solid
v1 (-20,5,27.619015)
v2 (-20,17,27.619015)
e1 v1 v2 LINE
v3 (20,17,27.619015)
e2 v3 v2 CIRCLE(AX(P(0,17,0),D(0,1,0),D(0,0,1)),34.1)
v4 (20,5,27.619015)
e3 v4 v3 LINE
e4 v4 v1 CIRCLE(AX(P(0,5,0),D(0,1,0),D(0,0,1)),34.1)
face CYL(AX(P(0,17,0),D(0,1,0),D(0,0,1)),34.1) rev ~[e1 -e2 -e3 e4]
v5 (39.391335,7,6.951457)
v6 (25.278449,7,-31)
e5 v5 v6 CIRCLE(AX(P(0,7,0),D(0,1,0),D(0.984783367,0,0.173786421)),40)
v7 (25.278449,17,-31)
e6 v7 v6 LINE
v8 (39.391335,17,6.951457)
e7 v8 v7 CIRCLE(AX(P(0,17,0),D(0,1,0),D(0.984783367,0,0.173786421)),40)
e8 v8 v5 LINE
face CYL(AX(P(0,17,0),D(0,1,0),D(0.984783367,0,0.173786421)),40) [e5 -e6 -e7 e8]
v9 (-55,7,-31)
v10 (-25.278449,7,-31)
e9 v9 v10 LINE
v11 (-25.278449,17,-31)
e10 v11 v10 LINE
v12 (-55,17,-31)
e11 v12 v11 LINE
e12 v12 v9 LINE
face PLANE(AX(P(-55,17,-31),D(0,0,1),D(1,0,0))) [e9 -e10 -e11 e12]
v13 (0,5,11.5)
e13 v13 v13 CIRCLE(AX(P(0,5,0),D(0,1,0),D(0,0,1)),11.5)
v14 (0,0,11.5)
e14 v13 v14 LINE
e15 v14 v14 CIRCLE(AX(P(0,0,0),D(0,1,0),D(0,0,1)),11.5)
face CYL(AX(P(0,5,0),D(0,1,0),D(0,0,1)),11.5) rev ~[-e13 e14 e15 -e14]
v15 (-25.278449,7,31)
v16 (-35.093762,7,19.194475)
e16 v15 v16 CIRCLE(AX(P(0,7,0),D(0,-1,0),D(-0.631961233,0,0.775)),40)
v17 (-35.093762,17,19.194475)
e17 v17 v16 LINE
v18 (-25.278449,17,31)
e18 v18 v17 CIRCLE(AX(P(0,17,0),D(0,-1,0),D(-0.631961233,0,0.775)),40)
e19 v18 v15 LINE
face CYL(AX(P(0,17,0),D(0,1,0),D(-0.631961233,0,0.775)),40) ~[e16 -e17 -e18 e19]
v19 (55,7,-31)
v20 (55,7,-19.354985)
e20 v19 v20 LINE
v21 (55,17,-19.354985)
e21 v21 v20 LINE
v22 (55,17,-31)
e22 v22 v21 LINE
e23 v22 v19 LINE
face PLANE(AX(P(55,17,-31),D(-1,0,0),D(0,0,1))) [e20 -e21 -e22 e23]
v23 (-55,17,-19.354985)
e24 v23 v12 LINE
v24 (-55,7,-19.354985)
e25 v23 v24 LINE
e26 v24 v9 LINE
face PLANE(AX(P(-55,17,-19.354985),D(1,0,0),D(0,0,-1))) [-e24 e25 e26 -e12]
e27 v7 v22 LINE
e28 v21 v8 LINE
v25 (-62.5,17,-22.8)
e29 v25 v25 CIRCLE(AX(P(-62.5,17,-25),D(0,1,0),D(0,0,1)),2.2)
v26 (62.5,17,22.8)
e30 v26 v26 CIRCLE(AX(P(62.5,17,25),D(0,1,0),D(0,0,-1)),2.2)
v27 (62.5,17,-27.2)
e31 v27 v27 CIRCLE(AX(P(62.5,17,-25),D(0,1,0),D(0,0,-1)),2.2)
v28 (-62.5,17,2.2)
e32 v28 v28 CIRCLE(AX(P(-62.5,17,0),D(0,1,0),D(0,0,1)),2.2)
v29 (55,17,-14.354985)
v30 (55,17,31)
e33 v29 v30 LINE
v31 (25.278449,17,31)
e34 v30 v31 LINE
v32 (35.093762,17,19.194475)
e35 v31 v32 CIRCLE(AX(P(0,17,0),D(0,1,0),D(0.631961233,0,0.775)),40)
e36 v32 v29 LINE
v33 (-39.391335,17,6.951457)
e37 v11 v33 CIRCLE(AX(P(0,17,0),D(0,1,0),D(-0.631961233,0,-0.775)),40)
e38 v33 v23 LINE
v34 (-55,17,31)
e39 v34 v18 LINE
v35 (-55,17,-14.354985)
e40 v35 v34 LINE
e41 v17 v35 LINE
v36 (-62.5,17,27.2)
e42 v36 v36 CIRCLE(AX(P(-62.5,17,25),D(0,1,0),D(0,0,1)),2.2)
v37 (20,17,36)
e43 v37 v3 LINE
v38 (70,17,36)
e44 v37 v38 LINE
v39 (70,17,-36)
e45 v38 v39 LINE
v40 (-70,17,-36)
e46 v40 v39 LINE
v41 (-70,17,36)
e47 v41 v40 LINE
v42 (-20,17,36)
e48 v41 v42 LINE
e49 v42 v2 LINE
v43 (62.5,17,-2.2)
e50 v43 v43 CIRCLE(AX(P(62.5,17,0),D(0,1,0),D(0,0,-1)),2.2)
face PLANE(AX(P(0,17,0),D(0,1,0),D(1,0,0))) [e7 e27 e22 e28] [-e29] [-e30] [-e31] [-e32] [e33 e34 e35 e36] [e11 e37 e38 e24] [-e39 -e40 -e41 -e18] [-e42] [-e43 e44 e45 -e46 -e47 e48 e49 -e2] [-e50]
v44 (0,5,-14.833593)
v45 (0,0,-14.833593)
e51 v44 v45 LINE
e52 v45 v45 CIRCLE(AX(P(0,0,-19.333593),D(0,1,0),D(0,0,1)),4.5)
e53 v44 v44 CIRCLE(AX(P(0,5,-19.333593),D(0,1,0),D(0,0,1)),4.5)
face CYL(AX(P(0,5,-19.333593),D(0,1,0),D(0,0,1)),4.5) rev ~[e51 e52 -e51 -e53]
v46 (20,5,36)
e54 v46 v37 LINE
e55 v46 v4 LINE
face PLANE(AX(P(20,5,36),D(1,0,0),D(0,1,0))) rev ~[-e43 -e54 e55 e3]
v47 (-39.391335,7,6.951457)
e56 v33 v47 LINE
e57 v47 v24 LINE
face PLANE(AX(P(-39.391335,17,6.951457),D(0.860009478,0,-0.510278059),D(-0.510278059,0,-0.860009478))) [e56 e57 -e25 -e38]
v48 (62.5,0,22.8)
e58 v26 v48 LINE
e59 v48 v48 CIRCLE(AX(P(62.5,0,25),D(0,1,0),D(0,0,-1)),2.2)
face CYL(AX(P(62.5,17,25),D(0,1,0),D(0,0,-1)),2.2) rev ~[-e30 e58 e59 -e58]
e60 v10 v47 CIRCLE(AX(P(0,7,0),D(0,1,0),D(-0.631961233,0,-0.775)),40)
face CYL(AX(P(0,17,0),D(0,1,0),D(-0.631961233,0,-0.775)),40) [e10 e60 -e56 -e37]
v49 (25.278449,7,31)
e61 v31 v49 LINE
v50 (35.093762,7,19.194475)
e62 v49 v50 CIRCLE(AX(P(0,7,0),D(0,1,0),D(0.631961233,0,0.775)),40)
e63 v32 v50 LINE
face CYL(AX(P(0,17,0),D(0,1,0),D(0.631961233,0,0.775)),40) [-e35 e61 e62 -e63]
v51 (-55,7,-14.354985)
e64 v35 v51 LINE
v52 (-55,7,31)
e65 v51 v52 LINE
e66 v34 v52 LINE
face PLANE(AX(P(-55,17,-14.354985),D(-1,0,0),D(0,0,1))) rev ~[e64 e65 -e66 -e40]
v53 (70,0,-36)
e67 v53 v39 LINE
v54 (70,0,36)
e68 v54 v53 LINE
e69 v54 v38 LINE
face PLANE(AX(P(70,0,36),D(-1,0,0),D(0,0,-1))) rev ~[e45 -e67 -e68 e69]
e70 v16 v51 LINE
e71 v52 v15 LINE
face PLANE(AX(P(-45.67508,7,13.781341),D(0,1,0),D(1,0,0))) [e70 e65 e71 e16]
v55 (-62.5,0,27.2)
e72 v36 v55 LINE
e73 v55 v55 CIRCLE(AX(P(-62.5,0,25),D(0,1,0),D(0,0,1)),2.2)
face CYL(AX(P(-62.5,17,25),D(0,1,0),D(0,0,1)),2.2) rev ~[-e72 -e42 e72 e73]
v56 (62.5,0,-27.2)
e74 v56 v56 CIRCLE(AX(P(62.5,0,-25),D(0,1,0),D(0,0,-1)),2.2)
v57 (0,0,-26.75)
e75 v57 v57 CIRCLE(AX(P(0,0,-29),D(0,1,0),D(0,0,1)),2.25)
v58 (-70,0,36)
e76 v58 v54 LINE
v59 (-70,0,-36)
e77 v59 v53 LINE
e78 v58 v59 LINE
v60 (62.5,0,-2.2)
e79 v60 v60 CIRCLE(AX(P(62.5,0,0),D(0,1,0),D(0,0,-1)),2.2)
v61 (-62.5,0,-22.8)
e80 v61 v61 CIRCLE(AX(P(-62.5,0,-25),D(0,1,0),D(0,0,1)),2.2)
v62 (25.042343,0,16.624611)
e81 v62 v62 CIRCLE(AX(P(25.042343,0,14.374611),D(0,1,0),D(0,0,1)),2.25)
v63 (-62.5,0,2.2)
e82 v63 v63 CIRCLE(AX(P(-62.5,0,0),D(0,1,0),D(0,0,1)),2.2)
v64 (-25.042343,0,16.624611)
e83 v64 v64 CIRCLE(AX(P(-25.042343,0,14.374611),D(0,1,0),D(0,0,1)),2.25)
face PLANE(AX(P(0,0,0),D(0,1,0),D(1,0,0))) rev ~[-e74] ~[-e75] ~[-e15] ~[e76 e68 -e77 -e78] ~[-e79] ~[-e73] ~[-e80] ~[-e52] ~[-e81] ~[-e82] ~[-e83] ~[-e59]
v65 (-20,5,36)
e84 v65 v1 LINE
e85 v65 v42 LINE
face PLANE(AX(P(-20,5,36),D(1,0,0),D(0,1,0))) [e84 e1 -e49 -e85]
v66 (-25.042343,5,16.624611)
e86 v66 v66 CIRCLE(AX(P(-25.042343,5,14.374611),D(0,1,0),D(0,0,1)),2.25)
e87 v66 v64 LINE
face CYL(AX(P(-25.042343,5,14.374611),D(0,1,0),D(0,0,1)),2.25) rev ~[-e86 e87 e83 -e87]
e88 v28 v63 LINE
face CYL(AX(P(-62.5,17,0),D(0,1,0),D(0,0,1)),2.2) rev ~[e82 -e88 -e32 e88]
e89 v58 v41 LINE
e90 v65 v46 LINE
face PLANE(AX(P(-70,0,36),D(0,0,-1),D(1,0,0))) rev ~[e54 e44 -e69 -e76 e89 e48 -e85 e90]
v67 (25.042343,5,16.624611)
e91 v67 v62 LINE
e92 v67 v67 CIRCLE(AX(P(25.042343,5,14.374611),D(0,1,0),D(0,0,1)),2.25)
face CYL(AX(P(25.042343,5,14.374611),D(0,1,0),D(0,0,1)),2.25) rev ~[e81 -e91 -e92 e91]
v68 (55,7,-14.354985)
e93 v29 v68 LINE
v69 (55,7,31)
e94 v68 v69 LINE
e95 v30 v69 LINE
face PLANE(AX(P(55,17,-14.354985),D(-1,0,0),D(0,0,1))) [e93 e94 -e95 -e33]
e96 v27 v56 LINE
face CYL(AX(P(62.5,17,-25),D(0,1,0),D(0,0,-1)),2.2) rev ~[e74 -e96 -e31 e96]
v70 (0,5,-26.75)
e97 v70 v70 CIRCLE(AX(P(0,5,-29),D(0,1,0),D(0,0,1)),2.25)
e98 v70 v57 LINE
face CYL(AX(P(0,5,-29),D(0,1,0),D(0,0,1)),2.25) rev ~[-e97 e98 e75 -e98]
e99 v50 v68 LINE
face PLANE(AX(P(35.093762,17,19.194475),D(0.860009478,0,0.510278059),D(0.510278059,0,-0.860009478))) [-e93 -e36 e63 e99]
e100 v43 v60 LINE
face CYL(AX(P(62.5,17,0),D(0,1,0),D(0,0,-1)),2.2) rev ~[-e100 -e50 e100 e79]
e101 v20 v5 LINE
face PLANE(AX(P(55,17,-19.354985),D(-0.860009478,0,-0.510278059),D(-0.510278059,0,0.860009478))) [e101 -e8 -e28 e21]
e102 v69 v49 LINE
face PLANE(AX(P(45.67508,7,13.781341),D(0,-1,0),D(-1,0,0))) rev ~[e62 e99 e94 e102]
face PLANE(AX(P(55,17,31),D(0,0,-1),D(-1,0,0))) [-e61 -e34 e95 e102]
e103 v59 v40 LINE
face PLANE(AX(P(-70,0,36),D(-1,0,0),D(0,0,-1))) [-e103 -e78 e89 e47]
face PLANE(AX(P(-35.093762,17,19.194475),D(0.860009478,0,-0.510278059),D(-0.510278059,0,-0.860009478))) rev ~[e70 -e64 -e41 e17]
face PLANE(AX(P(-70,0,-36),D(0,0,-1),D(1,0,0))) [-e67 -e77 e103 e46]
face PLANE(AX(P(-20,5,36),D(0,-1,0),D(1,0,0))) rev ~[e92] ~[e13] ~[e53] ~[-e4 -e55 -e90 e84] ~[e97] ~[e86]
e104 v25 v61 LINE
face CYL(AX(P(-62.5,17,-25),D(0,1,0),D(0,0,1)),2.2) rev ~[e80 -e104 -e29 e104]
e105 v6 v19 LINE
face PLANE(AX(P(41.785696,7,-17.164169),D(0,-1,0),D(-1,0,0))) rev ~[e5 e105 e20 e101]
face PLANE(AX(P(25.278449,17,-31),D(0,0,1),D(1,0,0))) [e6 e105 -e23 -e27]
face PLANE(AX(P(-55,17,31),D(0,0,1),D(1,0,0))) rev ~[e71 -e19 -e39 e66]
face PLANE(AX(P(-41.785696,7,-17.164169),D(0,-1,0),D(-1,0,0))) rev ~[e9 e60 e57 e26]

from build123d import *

# Parameters (mm, degrees)
SKETCH1_W           = 140
SKETCH1_H           = 72
BOSS_EXTRUDE1_DEPTH = 17
SKETCH2_R           = 34.1
CUT_EXTRUDE1_DEPTH  = 12
SKETCH3_W           = 40
SKETCH3_H           = 24
CUT_EXTRUDE2_DEPTH  = 10
SKETCH4_R           = 2.2
CUT_EXTRUDE3_DEPTH  = 81.529497701
SKETCH5_R           = 2.25
SKETCH5_R_2         = 4.5
CUT_EXTRUDE4_DEPTH  = 80.62411695
CUT_EXTRUDE5_DEPTH  = 10
SKETCH7_R           = 11.5
CUT_EXTRUDE6_DEPTH  = 10


with BuildPart() as part:
    # Sketch1 → Boss-Extrude1 (new body)
    with BuildSketch(Plane(origin=(0, 0, 0), x_dir=(1, 0, 0), z_dir=(0, 1, 0))):
        Rectangle(SKETCH1_W, SKETCH1_H)
    extrude(amount=BOSS_EXTRUDE1_DEPTH)

    # Sketch2 → Cut-Extrude1 (cut)
    with BuildSketch(Plane(origin=(0, 17, 0), x_dir=(1, 0, 0), z_dir=(0, 1, 0))):
        with Locations(Location((0, 0, 0), (0, 0, 270))):
            Circle(SKETCH2_R)
    extrude(amount=-CUT_EXTRUDE1_DEPTH, mode=Mode.SUBTRACT)

    # Sketch3 → Cut-Extrude2 (cut)
    with BuildSketch(Plane.XY.offset(36)):
        with Locations((0, 17)):
            Rectangle(SKETCH3_W, SKETCH3_H)
    extrude(amount=-CUT_EXTRUDE2_DEPTH, mode=Mode.SUBTRACT)

    # Sketch4 → Cut-Extrude3 (cut, through all)
    with BuildSketch(Plane(origin=(0, 17, 0), x_dir=(1, 0, 0), z_dir=(0, 1, 0))):
        with Locations(Location((-62.5, 25, 0), (0, 0, 270))):
            Circle(SKETCH4_R)
        with Locations(Location((-62.5, 0, 0), (0, 0, 270))):
            Circle(SKETCH4_R)
        with Locations(Location((-62.5, -25, 0), (0, 0, 270))):
            Circle(SKETCH4_R)
        with Locations(Location((62.5, -25, 0), (0, 0, 90))):
            Circle(SKETCH4_R)
        with Locations(Location((62.5, 0, 0), (0, 0, 90))):
            Circle(SKETCH4_R)
        with Locations(Location((62.5, 25, 0), (0, 0, 90))):
            Circle(SKETCH4_R)
    extrude(amount=-CUT_EXTRUDE3_DEPTH, mode=Mode.SUBTRACT)

    # Sketch5 → Cut-Extrude4 (cut, through all)
    with BuildSketch(Plane(origin=(0, 5, 0), x_dir=(1, 0, 0), z_dir=(0, 1, 0))):
        with Locations(Location((0, 29, 0), (0, 0, 270))):
            Circle(SKETCH5_R)
        with Locations(Location((25.042343364, -14.374611046, 0), (0, 0, 270))):
            Circle(SKETCH5_R)
        with Locations(Location((-25.042343364, -14.374611046, 0), (0, 0, 270))):
            Circle(SKETCH5_R)
        with Locations(Location((0, 19.333592636, 0), (0, 0, 270))):
            Circle(SKETCH5_R_2)
    extrude(amount=-CUT_EXTRUDE4_DEPTH, mode=Mode.SUBTRACT)

    # Sketch6 → Cut-Extrude5 (cut)
    with BuildSketch(Plane(origin=(0, 17, 0), x_dir=(1, 0, 0), z_dir=(0, 1, 0))):
        with BuildLine():
            Line((-55, 31), (-25.27844932, 31))
            ThreePointArc((-25.27844932, 31), (-37.491645865, 13.941896942), (-39.391334679, -6.951456838))
            Line((-39.391334679, -6.951456838), (-55, 19.35498509))
            Line((-55, 19.35498509), (-55, 31))
        make_face()
        with BuildLine():
            Line((-55, -31), (-25.27844932, -31))
            ThreePointArc((-25.27844932, -31), (-30.757821307, -25.5725718), (-35.093761786, -19.194475343))
            Line((-35.093761786, -19.194475343), (-55, 14.35498509))
            Line((-55, 14.35498509), (-55, -31))
        make_face()
        with BuildLine():
            Line((55, -31), (25.27844932, -31))
            ThreePointArc((25.27844932, -31), (30.757821307, -25.5725718), (35.093761786, -19.194475343))
            Line((35.093761786, -19.194475343), (55, 14.35498509))
            Line((55, 14.35498509), (55, -31))
        make_face()
        with BuildLine():
            Line((55, 31), (55, 19.35498509))
            Line((55, 19.35498509), (39.391334679, -6.951456838))
            ThreePointArc((39.391334679, -6.951456838), (37.491645865, 13.941896942), (25.27844932, 31))
            Line((25.27844932, 31), (55, 31))
        make_face()
    extrude(amount=-CUT_EXTRUDE5_DEPTH, mode=Mode.SUBTRACT)

    # Sketch7 → Cut-Extrude6 (cut)
    with BuildSketch(Plane(origin=(0, 5, 0), x_dir=(1, 0, 0), z_dir=(0, 1, 0))):
        with Locations(Location((0, 0, 0), (0, 0, 270))):
            Circle(SKETCH7_R)
    extrude(amount=-CUT_EXTRUDE6_DEPTH, mode=Mode.SUBTRACT)


solid = part.part
